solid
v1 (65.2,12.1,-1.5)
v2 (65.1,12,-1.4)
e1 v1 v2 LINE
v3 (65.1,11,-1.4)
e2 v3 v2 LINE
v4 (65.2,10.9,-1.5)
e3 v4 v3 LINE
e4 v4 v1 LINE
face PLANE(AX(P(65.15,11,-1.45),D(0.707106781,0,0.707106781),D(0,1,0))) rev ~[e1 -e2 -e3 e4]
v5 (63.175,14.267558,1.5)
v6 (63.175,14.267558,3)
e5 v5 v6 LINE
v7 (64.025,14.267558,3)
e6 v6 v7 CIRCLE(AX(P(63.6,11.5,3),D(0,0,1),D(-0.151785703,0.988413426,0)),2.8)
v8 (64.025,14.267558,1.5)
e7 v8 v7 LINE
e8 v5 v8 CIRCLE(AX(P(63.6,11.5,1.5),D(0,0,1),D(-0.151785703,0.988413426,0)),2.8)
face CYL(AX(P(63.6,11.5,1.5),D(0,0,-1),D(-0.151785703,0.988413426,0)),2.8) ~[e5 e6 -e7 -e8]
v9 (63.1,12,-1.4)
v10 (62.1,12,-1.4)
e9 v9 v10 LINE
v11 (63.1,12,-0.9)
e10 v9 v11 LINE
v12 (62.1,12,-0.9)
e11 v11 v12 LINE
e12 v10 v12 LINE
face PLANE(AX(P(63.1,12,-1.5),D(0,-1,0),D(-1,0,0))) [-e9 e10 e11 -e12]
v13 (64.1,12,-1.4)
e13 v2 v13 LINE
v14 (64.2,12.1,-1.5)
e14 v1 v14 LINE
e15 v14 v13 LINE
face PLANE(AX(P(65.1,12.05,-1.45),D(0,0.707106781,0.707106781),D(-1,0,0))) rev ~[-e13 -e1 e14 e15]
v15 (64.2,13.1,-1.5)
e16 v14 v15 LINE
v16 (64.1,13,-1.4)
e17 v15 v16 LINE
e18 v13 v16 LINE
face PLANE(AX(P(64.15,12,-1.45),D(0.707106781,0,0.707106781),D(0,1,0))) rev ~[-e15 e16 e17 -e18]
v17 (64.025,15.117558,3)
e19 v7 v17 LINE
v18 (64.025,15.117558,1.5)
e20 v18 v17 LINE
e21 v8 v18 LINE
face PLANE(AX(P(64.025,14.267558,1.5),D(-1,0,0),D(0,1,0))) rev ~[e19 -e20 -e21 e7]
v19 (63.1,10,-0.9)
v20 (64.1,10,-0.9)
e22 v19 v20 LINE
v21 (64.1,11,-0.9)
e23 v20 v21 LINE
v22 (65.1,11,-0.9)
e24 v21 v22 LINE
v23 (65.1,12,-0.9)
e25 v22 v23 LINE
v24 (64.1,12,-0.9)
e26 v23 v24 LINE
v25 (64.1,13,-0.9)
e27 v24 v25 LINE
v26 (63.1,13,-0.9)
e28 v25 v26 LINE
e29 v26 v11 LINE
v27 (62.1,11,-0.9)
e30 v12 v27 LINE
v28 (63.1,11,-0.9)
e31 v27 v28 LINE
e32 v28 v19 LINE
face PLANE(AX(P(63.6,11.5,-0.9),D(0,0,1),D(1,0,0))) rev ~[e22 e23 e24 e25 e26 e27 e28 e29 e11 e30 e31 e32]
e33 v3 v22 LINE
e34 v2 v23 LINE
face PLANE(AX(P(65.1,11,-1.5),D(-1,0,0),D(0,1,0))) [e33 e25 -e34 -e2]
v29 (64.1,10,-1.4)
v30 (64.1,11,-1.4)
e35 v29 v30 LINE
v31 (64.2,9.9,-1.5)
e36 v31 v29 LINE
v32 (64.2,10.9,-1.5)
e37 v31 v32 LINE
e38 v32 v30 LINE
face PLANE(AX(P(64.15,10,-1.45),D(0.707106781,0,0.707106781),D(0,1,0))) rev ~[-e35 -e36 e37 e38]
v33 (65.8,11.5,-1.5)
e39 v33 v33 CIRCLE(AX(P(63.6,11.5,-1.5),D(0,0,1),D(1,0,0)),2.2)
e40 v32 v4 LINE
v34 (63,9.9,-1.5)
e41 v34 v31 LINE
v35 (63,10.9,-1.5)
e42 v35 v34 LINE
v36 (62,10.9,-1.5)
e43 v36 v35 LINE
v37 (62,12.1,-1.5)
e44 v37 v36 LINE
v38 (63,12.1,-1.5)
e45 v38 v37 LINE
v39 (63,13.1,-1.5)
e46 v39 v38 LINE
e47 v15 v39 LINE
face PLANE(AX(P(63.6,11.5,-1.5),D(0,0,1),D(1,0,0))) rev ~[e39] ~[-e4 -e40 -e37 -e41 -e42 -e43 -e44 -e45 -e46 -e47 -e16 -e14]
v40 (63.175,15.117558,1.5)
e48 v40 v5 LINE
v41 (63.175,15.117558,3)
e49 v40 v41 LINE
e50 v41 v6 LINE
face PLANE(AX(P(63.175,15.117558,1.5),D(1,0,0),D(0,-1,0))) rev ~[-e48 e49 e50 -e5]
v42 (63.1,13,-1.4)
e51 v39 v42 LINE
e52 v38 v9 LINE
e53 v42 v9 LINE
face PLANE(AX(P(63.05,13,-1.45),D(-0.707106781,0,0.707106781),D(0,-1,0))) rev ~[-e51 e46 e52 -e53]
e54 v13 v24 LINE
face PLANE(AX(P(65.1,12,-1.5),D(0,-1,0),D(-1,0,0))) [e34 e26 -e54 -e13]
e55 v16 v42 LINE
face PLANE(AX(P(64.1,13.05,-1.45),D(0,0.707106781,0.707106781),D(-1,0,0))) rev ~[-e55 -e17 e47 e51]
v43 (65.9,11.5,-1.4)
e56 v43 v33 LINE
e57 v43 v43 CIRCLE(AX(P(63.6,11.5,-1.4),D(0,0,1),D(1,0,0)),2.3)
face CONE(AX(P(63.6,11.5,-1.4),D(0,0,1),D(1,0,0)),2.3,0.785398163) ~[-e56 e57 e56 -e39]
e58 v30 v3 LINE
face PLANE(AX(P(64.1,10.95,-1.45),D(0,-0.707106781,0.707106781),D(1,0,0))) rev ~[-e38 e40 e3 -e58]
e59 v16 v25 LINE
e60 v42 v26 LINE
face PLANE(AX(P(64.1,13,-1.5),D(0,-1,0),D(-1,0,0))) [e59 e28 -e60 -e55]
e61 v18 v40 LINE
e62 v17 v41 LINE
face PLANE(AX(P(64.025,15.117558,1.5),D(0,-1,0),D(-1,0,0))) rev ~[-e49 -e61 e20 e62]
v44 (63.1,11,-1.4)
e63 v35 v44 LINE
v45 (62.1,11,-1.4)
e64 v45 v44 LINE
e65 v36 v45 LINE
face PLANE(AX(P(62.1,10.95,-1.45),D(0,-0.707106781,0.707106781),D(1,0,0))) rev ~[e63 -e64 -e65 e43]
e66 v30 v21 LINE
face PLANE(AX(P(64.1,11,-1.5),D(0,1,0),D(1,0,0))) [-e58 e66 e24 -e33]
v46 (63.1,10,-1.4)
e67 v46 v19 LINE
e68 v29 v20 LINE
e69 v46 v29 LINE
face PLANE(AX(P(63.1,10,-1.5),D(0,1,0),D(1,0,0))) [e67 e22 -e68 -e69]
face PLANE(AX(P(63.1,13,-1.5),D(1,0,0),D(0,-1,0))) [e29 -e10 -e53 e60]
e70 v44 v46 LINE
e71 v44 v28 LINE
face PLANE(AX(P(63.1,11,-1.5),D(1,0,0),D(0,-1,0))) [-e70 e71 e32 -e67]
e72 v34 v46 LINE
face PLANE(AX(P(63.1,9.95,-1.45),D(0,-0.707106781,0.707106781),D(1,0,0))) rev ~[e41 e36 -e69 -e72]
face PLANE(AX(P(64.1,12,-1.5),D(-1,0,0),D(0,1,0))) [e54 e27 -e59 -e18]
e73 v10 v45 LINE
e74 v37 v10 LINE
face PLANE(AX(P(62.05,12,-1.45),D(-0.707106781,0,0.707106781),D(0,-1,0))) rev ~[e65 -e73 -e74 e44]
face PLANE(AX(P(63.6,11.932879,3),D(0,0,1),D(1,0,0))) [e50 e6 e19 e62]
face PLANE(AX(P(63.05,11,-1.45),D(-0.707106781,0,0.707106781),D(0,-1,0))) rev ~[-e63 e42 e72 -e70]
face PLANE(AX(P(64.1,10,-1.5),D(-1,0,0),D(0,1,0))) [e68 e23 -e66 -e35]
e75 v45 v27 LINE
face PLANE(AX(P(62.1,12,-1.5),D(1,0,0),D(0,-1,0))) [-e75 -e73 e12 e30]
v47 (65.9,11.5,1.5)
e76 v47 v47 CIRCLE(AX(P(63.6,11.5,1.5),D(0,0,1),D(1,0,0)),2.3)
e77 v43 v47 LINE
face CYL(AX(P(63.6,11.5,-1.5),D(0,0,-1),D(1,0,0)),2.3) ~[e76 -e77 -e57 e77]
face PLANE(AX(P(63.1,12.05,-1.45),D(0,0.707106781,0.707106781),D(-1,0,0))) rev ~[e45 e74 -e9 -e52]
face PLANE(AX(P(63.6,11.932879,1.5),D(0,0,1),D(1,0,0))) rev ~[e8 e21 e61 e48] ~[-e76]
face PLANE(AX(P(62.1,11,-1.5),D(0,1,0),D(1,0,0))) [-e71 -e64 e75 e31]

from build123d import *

# Parameters (mm, degrees)
SKETCH061_R     = 2.3
PAD042_DEPTH    = 3
PAD043_DEPTH    = 1.5
POCKET012_DEPTH = 0.6
CHAMFER006_SIZE = 0.1


with BuildPart() as part:
    # Sketch061 → Pad042 (new body)
    with BuildSketch(Plane.XY):
        Circle(SKETCH061_R)
    extrude(amount=PAD042_DEPTH)

    # Sketch062 (on Face3 of Pad042) → Pad043 (join)
    with BuildSketch(Plane.XY.offset(3)):
        with BuildLine():
            Line((0.425, 2.767558), (0.425, 3.617558))
            Line((0.425, 3.617558), (-0.425, 3.617558))
            Line((-0.425, 3.617558), (-0.425, 2.767558))
            ThreePointArc((-0.425, 2.767558), (0, -2.8), (0.425, 2.767558))
        make_face()
    extrude(amount=PAD043_DEPTH)

    # Sketch063 → Pocket012 (cut)
    with BuildSketch(Plane.XY):
        Polygon((-0.5, 0.5), (-1.5, 0.5), (-1.5, -0.5), (-0.5, -0.5), (-0.5, -1.5), (0.5, -1.5), (0.5, -0.5), (1.5, -0.5), (1.5, 0.5), (0.5, 0.5), (0.5, 1.5), (-0.5, 1.5), align=None)
    extrude(amount=POCKET012_DEPTH, mode=Mode.SUBTRACT)

    # Chamfer006
    chamfer006_edges = [part.edges().sort_by_distance(p)[0] for p in [
        (-1, 0.5, 0),
        (-2.3, 0, 0),
        (-1.5, 0, 0),
        (-1, -0.5, 0),
        (-0.5, -1, 0),
        (0, -1.5, 0),
        (0.5, -1, 0),
        (1, -0.5, 0),
        (1.5, 0, 0),
        (1, 0.5, 0),
        (0.5, 1, 0),
        (0, 1.5, 0),
        (-0.5, 1, 0),
    ]]
    chamfer(chamfer006_edges, length=CHAMFER006_SIZE)


with BuildPart() as part_1:
    # Body018 placement: moved
    add(part.part.moved(Location((63.6, 11.5, -1.5))))


solid = part_1.part
